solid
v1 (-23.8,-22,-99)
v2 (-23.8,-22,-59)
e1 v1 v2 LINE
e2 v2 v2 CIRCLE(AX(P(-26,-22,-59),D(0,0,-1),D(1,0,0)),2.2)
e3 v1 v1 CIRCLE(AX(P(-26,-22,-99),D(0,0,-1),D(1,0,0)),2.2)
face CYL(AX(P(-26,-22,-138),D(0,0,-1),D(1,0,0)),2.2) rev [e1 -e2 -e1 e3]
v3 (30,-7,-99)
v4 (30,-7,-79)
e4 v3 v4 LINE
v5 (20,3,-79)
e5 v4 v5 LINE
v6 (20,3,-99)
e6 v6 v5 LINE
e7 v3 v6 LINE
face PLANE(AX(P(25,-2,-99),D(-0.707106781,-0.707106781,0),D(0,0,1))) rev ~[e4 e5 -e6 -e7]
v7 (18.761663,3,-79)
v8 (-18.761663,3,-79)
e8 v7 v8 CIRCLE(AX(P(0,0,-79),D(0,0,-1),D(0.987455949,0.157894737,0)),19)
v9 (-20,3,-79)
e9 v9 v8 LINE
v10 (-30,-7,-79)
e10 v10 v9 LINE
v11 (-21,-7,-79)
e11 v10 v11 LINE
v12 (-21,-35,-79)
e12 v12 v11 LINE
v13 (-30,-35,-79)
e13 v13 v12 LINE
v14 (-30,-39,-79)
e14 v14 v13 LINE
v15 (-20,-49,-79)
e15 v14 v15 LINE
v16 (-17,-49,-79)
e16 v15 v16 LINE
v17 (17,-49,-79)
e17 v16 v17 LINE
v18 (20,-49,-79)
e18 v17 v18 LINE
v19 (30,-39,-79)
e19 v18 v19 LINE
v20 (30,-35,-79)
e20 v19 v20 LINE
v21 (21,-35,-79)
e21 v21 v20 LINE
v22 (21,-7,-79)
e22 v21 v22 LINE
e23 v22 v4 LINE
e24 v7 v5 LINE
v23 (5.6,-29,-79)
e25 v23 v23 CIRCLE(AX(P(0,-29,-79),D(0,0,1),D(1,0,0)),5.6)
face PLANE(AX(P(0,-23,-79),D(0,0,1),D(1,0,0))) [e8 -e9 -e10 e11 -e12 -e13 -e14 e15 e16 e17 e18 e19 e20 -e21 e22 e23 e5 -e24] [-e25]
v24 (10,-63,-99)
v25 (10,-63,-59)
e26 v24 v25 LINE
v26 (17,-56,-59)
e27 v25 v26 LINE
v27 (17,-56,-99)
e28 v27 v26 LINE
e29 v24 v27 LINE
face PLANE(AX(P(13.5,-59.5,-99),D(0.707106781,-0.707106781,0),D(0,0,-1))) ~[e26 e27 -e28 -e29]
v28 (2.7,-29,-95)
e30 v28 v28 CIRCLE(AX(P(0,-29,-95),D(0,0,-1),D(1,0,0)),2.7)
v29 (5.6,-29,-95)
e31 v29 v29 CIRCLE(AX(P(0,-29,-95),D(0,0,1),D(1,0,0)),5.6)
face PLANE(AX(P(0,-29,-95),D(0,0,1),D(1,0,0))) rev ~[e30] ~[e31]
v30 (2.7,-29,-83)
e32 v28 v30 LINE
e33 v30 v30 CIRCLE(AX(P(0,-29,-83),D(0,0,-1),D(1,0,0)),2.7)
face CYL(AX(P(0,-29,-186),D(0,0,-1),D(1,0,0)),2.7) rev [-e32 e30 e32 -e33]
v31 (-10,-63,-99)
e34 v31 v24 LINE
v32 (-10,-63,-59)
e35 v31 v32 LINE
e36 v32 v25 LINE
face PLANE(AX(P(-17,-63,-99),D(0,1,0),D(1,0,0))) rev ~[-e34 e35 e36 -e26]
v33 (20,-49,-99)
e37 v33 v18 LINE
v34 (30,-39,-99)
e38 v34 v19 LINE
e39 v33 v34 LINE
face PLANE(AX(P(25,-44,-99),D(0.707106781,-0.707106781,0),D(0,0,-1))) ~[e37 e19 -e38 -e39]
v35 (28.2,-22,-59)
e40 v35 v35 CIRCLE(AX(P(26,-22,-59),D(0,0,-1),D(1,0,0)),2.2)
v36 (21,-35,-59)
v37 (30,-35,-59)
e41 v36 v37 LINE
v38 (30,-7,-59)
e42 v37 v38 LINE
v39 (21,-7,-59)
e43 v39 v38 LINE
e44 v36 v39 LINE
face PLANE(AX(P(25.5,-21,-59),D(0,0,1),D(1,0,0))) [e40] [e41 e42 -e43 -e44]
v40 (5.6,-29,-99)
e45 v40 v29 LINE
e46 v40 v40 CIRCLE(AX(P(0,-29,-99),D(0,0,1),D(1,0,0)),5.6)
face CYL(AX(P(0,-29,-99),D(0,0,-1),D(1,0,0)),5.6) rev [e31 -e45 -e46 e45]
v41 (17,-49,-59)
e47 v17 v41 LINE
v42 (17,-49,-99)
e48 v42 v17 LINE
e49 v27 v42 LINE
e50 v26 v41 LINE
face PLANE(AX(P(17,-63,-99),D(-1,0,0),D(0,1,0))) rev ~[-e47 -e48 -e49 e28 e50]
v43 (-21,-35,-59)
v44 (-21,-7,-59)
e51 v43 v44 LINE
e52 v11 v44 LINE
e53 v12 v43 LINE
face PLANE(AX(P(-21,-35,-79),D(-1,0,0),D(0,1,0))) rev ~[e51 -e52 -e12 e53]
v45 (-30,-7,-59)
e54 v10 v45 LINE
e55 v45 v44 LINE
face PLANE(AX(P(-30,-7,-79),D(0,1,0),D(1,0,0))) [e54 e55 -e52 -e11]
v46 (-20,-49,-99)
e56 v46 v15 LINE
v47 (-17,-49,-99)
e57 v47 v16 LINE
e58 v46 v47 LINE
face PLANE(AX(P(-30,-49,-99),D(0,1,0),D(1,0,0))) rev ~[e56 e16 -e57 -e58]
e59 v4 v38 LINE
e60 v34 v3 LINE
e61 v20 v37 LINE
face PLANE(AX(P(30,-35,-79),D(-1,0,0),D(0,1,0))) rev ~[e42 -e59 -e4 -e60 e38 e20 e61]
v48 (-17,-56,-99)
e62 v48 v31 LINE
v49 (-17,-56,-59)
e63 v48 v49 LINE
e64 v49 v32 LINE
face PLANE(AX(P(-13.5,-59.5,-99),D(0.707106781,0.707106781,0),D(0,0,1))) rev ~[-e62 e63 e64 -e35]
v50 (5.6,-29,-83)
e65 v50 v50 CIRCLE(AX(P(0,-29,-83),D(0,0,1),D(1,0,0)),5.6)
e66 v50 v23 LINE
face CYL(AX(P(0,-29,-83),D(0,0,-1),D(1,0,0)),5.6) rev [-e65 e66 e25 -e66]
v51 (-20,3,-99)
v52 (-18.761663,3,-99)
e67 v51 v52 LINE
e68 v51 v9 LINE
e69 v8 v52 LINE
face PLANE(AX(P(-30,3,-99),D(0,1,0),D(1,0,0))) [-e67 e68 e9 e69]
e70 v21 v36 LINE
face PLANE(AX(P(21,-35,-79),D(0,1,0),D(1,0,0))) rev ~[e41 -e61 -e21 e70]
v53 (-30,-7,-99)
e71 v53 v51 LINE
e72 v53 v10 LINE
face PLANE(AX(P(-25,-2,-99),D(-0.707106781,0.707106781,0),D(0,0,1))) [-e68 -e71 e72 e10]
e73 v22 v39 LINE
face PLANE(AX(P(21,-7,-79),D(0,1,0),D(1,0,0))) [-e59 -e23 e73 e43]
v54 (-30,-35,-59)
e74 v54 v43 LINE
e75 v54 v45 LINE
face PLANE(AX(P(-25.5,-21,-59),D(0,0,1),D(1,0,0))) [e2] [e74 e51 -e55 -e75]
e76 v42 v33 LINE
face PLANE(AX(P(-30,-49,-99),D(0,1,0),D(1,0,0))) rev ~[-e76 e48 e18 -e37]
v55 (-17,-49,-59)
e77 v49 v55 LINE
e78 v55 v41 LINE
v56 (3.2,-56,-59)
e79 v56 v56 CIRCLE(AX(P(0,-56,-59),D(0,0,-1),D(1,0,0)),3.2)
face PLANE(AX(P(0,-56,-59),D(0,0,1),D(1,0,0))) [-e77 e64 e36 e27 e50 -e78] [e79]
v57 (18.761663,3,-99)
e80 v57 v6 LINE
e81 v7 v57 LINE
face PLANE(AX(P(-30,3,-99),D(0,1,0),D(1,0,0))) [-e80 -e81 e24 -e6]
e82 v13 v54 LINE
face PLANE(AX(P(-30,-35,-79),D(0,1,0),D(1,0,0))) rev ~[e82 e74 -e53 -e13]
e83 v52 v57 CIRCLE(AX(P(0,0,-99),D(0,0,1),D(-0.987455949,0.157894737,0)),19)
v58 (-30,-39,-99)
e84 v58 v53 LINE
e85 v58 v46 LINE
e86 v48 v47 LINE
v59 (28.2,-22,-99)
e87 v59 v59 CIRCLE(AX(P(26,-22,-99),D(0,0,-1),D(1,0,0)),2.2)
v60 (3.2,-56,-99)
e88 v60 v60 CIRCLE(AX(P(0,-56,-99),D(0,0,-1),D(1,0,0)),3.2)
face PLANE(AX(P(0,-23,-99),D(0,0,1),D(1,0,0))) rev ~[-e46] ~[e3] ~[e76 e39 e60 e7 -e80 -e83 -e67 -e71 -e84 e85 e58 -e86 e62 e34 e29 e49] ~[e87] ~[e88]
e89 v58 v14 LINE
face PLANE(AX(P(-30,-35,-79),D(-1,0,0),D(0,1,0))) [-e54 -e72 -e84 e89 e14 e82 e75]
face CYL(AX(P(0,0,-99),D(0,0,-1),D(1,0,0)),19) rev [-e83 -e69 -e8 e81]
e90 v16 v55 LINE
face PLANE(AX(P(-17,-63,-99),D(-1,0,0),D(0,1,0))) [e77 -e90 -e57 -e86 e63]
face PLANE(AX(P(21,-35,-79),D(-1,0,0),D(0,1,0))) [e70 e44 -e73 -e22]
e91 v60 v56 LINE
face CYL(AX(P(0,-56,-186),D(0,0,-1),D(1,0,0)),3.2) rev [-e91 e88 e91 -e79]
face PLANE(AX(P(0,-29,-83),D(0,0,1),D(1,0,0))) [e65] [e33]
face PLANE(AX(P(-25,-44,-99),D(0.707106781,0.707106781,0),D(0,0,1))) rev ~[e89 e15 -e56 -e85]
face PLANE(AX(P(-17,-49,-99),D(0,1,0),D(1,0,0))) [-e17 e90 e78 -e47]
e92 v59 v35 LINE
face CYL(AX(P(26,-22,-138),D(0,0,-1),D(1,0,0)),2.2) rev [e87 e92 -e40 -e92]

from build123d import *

# Parameters (mm, degrees)
CYLINDER014005832_R     = 2.2
CYLINDER014005832_DEPTH = 200
CYLINDER014005833_R     = 2.2
CYLINDER014005833_DEPTH = 200
BOX138_W                = 9
BOX138_H                = 28
BOX138_DEPTH            = 20
BOX136_W                = 9
BOX136_H                = 28
BOX136_DEPTH            = 20
CYLINDER014005829_R     = 5.6
CYLINDER014005829_DEPTH = 4
CYLINDER014005827_R     = 2.7
CYLINDER014005827_DEPTH = 200
CYLINDER014005826_R     = 19
CYLINDER014005826_DEPTH = 20
CYLINDER014005828_R     = 3.2
CYLINDER014005828_DEPTH = 200
CYLINDER014005830_R     = 5.6
CYLINDER014005830_DEPTH = 4
BOX119_W                = 60
BOX119_H                = 52
BOX119_DEPTH            = 20
CHAMFER019_SIZE         = 10
BOX135_W                = 34
BOX135_H                = 14
BOX135_DEPTH            = 40
CHAMFER015_SIZE         = 7


with BuildPart() as v_lec726:
    # Cylinder014005832 → Cylinder014005832 (new body)
    with BuildSketch(Plane(origin=(-26, -22, -140), x_dir=(1, 0, 0), z_dir=(0, 0, 1))):
        Circle(CYLINDER014005832_R)
    extrude(amount=CYLINDER014005832_DEPTH)


with BuildPart() as fusion435:
    # Cylinder014005833 → Cylinder014005833 (new body)
    with BuildSketch(Plane(origin=(26, -22, -140), x_dir=(1, 0, 0), z_dir=(0, 0, 1))):
        Circle(CYLINDER014005833_R)
    extrude(amount=CYLINDER014005833_DEPTH)

    # Fusion435: union Válec726
    add(v_lec726.part)


with BuildPart() as krychle125:
    # Box138 → Box138 (new body)
    with BuildSketch(Plane(origin=(21, -35, -81), x_dir=(1, 0, 0), z_dir=(0, 0, 1))):
        with Locations((4.5, 14)):
            Rectangle(BOX138_W, BOX138_H)
    extrude(amount=BOX138_DEPTH)


with BuildPart() as krychle123:
    # Box136 → Box136 (new body)
    with BuildSketch(Plane(origin=(-30, -35, -81), x_dir=(1, 0, 0), z_dir=(0, 0, 1))):
        with Locations((4.5, 14)):
            Rectangle(BOX136_W, BOX136_H)
    extrude(amount=BOX136_DEPTH)


with BuildPart() as lozisko001:
    # Cylinder014005829 → Cylinder014005829 (new body)
    with BuildSketch(Plane(origin=(0, -29, -97), x_dir=(1, 0, 0), z_dir=(0, 0, 1))):
        Circle(CYLINDER014005829_R)
    extrude(amount=CYLINDER014005829_DEPTH)


with BuildPart() as v_lec723:
    # Cylinder014005827 → Cylinder014005827 (new body)
    with BuildSketch(Plane(origin=(0, -29, -200), x_dir=(1, 0, 0), z_dir=(0, 0, 1))):
        Circle(CYLINDER014005827_R)
    extrude(amount=CYLINDER014005827_DEPTH)


with BuildPart() as v_lec722:
    # Cylinder014005826 → Cylinder014005826 (new body)
    with BuildSketch(Plane.XY.offset(-113)):
        Circle(CYLINDER014005826_R)
    extrude(amount=CYLINDER014005826_DEPTH)


with BuildPart() as v_lec724:
    # Cylinder014005828 → Cylinder014005828 (new body)
    with BuildSketch(Plane(origin=(0, -56, -200), x_dir=(1, 0, 0), z_dir=(0, 0, 1))):
        Circle(CYLINDER014005828_R)
    extrude(amount=CYLINDER014005828_DEPTH)


with BuildPart() as fusion442:
    # Cylinder014005830 → Cylinder014005830 (new body)
    with BuildSketch(Plane(origin=(0, -29, -113), x_dir=(1, 0, 0), z_dir=(0, 0, 1))):
        Circle(CYLINDER014005830_R)
    extrude(amount=CYLINDER014005830_DEPTH)

    # Fusion442: union LOZISKO001, Válec723, Válec722, Válec724
    add(lozisko001.part)
    add(v_lec723.part)
    add(v_lec722.part)
    add(v_lec724.part)


with BuildPart() as chamfer019:
    # Box119 → Box119 (new body)
    with BuildSketch(Plane(origin=(-30, -49, -59), x_dir=(1, 0, 0), z_dir=(0, 0, 1))):
        with Locations((30, 26)):
            Rectangle(BOX119_W, BOX119_H)
    extrude(amount=BOX119_DEPTH)

    # Chamfer019
    chamfer019_edges = [chamfer019.edges().sort_by_distance(p)[0] for p in [
        (-30, -49, -49),
        (-30, 3, -49),
        (30, -49, -49),
        (30, 3, -49),
    ]]
    chamfer(chamfer019_edges, length=CHAMFER019_SIZE)


with BuildPart() as celofin:
    # Box135 → Box135 (new body)
    with BuildSketch(Plane(origin=(-17, -63, -59), x_dir=(1, 0, 0), z_dir=(0, 0, 1))):
        with Locations((17, 7)):
            Rectangle(BOX135_W, BOX135_H)
    extrude(amount=BOX135_DEPTH)

    # Chamfer015
    chamfer015_edges = [celofin.edges().sort_by_distance(p)[0] for p in [
        (-17, -63, -39),
        (17, -63, -39),
    ]]
    chamfer(chamfer015_edges, length=CHAMFER015_SIZE)

    # Fusion438: union Chamfer019
    add(chamfer019.part)


with BuildPart() as celofin_1:
    # Fusion438 placement: moved
    add(celofin.part.moved(Location((0, 0, -54))))

    # Cut061241: cut Fusion442
    add(fusion442.part, mode=Mode.SUBTRACT)


with BuildPart() as celofin_2:
    # Cut061241 placement: moved
    add(celofin_1.part.moved(Location((0, 0, 12))))

    # Fusion434: union Krychle125, Krychle123
    add(krychle125.part)
    add(krychle123.part)

    # Cut061305: cut Fusion435
    add(fusion435.part, mode=Mode.SUBTRACT)


with BuildPart() as celofin_3:
    # Cut061305 placement: moved
    add(celofin_2.part.moved(Location((0, 0, 2))))


solid = celofin_3.part
